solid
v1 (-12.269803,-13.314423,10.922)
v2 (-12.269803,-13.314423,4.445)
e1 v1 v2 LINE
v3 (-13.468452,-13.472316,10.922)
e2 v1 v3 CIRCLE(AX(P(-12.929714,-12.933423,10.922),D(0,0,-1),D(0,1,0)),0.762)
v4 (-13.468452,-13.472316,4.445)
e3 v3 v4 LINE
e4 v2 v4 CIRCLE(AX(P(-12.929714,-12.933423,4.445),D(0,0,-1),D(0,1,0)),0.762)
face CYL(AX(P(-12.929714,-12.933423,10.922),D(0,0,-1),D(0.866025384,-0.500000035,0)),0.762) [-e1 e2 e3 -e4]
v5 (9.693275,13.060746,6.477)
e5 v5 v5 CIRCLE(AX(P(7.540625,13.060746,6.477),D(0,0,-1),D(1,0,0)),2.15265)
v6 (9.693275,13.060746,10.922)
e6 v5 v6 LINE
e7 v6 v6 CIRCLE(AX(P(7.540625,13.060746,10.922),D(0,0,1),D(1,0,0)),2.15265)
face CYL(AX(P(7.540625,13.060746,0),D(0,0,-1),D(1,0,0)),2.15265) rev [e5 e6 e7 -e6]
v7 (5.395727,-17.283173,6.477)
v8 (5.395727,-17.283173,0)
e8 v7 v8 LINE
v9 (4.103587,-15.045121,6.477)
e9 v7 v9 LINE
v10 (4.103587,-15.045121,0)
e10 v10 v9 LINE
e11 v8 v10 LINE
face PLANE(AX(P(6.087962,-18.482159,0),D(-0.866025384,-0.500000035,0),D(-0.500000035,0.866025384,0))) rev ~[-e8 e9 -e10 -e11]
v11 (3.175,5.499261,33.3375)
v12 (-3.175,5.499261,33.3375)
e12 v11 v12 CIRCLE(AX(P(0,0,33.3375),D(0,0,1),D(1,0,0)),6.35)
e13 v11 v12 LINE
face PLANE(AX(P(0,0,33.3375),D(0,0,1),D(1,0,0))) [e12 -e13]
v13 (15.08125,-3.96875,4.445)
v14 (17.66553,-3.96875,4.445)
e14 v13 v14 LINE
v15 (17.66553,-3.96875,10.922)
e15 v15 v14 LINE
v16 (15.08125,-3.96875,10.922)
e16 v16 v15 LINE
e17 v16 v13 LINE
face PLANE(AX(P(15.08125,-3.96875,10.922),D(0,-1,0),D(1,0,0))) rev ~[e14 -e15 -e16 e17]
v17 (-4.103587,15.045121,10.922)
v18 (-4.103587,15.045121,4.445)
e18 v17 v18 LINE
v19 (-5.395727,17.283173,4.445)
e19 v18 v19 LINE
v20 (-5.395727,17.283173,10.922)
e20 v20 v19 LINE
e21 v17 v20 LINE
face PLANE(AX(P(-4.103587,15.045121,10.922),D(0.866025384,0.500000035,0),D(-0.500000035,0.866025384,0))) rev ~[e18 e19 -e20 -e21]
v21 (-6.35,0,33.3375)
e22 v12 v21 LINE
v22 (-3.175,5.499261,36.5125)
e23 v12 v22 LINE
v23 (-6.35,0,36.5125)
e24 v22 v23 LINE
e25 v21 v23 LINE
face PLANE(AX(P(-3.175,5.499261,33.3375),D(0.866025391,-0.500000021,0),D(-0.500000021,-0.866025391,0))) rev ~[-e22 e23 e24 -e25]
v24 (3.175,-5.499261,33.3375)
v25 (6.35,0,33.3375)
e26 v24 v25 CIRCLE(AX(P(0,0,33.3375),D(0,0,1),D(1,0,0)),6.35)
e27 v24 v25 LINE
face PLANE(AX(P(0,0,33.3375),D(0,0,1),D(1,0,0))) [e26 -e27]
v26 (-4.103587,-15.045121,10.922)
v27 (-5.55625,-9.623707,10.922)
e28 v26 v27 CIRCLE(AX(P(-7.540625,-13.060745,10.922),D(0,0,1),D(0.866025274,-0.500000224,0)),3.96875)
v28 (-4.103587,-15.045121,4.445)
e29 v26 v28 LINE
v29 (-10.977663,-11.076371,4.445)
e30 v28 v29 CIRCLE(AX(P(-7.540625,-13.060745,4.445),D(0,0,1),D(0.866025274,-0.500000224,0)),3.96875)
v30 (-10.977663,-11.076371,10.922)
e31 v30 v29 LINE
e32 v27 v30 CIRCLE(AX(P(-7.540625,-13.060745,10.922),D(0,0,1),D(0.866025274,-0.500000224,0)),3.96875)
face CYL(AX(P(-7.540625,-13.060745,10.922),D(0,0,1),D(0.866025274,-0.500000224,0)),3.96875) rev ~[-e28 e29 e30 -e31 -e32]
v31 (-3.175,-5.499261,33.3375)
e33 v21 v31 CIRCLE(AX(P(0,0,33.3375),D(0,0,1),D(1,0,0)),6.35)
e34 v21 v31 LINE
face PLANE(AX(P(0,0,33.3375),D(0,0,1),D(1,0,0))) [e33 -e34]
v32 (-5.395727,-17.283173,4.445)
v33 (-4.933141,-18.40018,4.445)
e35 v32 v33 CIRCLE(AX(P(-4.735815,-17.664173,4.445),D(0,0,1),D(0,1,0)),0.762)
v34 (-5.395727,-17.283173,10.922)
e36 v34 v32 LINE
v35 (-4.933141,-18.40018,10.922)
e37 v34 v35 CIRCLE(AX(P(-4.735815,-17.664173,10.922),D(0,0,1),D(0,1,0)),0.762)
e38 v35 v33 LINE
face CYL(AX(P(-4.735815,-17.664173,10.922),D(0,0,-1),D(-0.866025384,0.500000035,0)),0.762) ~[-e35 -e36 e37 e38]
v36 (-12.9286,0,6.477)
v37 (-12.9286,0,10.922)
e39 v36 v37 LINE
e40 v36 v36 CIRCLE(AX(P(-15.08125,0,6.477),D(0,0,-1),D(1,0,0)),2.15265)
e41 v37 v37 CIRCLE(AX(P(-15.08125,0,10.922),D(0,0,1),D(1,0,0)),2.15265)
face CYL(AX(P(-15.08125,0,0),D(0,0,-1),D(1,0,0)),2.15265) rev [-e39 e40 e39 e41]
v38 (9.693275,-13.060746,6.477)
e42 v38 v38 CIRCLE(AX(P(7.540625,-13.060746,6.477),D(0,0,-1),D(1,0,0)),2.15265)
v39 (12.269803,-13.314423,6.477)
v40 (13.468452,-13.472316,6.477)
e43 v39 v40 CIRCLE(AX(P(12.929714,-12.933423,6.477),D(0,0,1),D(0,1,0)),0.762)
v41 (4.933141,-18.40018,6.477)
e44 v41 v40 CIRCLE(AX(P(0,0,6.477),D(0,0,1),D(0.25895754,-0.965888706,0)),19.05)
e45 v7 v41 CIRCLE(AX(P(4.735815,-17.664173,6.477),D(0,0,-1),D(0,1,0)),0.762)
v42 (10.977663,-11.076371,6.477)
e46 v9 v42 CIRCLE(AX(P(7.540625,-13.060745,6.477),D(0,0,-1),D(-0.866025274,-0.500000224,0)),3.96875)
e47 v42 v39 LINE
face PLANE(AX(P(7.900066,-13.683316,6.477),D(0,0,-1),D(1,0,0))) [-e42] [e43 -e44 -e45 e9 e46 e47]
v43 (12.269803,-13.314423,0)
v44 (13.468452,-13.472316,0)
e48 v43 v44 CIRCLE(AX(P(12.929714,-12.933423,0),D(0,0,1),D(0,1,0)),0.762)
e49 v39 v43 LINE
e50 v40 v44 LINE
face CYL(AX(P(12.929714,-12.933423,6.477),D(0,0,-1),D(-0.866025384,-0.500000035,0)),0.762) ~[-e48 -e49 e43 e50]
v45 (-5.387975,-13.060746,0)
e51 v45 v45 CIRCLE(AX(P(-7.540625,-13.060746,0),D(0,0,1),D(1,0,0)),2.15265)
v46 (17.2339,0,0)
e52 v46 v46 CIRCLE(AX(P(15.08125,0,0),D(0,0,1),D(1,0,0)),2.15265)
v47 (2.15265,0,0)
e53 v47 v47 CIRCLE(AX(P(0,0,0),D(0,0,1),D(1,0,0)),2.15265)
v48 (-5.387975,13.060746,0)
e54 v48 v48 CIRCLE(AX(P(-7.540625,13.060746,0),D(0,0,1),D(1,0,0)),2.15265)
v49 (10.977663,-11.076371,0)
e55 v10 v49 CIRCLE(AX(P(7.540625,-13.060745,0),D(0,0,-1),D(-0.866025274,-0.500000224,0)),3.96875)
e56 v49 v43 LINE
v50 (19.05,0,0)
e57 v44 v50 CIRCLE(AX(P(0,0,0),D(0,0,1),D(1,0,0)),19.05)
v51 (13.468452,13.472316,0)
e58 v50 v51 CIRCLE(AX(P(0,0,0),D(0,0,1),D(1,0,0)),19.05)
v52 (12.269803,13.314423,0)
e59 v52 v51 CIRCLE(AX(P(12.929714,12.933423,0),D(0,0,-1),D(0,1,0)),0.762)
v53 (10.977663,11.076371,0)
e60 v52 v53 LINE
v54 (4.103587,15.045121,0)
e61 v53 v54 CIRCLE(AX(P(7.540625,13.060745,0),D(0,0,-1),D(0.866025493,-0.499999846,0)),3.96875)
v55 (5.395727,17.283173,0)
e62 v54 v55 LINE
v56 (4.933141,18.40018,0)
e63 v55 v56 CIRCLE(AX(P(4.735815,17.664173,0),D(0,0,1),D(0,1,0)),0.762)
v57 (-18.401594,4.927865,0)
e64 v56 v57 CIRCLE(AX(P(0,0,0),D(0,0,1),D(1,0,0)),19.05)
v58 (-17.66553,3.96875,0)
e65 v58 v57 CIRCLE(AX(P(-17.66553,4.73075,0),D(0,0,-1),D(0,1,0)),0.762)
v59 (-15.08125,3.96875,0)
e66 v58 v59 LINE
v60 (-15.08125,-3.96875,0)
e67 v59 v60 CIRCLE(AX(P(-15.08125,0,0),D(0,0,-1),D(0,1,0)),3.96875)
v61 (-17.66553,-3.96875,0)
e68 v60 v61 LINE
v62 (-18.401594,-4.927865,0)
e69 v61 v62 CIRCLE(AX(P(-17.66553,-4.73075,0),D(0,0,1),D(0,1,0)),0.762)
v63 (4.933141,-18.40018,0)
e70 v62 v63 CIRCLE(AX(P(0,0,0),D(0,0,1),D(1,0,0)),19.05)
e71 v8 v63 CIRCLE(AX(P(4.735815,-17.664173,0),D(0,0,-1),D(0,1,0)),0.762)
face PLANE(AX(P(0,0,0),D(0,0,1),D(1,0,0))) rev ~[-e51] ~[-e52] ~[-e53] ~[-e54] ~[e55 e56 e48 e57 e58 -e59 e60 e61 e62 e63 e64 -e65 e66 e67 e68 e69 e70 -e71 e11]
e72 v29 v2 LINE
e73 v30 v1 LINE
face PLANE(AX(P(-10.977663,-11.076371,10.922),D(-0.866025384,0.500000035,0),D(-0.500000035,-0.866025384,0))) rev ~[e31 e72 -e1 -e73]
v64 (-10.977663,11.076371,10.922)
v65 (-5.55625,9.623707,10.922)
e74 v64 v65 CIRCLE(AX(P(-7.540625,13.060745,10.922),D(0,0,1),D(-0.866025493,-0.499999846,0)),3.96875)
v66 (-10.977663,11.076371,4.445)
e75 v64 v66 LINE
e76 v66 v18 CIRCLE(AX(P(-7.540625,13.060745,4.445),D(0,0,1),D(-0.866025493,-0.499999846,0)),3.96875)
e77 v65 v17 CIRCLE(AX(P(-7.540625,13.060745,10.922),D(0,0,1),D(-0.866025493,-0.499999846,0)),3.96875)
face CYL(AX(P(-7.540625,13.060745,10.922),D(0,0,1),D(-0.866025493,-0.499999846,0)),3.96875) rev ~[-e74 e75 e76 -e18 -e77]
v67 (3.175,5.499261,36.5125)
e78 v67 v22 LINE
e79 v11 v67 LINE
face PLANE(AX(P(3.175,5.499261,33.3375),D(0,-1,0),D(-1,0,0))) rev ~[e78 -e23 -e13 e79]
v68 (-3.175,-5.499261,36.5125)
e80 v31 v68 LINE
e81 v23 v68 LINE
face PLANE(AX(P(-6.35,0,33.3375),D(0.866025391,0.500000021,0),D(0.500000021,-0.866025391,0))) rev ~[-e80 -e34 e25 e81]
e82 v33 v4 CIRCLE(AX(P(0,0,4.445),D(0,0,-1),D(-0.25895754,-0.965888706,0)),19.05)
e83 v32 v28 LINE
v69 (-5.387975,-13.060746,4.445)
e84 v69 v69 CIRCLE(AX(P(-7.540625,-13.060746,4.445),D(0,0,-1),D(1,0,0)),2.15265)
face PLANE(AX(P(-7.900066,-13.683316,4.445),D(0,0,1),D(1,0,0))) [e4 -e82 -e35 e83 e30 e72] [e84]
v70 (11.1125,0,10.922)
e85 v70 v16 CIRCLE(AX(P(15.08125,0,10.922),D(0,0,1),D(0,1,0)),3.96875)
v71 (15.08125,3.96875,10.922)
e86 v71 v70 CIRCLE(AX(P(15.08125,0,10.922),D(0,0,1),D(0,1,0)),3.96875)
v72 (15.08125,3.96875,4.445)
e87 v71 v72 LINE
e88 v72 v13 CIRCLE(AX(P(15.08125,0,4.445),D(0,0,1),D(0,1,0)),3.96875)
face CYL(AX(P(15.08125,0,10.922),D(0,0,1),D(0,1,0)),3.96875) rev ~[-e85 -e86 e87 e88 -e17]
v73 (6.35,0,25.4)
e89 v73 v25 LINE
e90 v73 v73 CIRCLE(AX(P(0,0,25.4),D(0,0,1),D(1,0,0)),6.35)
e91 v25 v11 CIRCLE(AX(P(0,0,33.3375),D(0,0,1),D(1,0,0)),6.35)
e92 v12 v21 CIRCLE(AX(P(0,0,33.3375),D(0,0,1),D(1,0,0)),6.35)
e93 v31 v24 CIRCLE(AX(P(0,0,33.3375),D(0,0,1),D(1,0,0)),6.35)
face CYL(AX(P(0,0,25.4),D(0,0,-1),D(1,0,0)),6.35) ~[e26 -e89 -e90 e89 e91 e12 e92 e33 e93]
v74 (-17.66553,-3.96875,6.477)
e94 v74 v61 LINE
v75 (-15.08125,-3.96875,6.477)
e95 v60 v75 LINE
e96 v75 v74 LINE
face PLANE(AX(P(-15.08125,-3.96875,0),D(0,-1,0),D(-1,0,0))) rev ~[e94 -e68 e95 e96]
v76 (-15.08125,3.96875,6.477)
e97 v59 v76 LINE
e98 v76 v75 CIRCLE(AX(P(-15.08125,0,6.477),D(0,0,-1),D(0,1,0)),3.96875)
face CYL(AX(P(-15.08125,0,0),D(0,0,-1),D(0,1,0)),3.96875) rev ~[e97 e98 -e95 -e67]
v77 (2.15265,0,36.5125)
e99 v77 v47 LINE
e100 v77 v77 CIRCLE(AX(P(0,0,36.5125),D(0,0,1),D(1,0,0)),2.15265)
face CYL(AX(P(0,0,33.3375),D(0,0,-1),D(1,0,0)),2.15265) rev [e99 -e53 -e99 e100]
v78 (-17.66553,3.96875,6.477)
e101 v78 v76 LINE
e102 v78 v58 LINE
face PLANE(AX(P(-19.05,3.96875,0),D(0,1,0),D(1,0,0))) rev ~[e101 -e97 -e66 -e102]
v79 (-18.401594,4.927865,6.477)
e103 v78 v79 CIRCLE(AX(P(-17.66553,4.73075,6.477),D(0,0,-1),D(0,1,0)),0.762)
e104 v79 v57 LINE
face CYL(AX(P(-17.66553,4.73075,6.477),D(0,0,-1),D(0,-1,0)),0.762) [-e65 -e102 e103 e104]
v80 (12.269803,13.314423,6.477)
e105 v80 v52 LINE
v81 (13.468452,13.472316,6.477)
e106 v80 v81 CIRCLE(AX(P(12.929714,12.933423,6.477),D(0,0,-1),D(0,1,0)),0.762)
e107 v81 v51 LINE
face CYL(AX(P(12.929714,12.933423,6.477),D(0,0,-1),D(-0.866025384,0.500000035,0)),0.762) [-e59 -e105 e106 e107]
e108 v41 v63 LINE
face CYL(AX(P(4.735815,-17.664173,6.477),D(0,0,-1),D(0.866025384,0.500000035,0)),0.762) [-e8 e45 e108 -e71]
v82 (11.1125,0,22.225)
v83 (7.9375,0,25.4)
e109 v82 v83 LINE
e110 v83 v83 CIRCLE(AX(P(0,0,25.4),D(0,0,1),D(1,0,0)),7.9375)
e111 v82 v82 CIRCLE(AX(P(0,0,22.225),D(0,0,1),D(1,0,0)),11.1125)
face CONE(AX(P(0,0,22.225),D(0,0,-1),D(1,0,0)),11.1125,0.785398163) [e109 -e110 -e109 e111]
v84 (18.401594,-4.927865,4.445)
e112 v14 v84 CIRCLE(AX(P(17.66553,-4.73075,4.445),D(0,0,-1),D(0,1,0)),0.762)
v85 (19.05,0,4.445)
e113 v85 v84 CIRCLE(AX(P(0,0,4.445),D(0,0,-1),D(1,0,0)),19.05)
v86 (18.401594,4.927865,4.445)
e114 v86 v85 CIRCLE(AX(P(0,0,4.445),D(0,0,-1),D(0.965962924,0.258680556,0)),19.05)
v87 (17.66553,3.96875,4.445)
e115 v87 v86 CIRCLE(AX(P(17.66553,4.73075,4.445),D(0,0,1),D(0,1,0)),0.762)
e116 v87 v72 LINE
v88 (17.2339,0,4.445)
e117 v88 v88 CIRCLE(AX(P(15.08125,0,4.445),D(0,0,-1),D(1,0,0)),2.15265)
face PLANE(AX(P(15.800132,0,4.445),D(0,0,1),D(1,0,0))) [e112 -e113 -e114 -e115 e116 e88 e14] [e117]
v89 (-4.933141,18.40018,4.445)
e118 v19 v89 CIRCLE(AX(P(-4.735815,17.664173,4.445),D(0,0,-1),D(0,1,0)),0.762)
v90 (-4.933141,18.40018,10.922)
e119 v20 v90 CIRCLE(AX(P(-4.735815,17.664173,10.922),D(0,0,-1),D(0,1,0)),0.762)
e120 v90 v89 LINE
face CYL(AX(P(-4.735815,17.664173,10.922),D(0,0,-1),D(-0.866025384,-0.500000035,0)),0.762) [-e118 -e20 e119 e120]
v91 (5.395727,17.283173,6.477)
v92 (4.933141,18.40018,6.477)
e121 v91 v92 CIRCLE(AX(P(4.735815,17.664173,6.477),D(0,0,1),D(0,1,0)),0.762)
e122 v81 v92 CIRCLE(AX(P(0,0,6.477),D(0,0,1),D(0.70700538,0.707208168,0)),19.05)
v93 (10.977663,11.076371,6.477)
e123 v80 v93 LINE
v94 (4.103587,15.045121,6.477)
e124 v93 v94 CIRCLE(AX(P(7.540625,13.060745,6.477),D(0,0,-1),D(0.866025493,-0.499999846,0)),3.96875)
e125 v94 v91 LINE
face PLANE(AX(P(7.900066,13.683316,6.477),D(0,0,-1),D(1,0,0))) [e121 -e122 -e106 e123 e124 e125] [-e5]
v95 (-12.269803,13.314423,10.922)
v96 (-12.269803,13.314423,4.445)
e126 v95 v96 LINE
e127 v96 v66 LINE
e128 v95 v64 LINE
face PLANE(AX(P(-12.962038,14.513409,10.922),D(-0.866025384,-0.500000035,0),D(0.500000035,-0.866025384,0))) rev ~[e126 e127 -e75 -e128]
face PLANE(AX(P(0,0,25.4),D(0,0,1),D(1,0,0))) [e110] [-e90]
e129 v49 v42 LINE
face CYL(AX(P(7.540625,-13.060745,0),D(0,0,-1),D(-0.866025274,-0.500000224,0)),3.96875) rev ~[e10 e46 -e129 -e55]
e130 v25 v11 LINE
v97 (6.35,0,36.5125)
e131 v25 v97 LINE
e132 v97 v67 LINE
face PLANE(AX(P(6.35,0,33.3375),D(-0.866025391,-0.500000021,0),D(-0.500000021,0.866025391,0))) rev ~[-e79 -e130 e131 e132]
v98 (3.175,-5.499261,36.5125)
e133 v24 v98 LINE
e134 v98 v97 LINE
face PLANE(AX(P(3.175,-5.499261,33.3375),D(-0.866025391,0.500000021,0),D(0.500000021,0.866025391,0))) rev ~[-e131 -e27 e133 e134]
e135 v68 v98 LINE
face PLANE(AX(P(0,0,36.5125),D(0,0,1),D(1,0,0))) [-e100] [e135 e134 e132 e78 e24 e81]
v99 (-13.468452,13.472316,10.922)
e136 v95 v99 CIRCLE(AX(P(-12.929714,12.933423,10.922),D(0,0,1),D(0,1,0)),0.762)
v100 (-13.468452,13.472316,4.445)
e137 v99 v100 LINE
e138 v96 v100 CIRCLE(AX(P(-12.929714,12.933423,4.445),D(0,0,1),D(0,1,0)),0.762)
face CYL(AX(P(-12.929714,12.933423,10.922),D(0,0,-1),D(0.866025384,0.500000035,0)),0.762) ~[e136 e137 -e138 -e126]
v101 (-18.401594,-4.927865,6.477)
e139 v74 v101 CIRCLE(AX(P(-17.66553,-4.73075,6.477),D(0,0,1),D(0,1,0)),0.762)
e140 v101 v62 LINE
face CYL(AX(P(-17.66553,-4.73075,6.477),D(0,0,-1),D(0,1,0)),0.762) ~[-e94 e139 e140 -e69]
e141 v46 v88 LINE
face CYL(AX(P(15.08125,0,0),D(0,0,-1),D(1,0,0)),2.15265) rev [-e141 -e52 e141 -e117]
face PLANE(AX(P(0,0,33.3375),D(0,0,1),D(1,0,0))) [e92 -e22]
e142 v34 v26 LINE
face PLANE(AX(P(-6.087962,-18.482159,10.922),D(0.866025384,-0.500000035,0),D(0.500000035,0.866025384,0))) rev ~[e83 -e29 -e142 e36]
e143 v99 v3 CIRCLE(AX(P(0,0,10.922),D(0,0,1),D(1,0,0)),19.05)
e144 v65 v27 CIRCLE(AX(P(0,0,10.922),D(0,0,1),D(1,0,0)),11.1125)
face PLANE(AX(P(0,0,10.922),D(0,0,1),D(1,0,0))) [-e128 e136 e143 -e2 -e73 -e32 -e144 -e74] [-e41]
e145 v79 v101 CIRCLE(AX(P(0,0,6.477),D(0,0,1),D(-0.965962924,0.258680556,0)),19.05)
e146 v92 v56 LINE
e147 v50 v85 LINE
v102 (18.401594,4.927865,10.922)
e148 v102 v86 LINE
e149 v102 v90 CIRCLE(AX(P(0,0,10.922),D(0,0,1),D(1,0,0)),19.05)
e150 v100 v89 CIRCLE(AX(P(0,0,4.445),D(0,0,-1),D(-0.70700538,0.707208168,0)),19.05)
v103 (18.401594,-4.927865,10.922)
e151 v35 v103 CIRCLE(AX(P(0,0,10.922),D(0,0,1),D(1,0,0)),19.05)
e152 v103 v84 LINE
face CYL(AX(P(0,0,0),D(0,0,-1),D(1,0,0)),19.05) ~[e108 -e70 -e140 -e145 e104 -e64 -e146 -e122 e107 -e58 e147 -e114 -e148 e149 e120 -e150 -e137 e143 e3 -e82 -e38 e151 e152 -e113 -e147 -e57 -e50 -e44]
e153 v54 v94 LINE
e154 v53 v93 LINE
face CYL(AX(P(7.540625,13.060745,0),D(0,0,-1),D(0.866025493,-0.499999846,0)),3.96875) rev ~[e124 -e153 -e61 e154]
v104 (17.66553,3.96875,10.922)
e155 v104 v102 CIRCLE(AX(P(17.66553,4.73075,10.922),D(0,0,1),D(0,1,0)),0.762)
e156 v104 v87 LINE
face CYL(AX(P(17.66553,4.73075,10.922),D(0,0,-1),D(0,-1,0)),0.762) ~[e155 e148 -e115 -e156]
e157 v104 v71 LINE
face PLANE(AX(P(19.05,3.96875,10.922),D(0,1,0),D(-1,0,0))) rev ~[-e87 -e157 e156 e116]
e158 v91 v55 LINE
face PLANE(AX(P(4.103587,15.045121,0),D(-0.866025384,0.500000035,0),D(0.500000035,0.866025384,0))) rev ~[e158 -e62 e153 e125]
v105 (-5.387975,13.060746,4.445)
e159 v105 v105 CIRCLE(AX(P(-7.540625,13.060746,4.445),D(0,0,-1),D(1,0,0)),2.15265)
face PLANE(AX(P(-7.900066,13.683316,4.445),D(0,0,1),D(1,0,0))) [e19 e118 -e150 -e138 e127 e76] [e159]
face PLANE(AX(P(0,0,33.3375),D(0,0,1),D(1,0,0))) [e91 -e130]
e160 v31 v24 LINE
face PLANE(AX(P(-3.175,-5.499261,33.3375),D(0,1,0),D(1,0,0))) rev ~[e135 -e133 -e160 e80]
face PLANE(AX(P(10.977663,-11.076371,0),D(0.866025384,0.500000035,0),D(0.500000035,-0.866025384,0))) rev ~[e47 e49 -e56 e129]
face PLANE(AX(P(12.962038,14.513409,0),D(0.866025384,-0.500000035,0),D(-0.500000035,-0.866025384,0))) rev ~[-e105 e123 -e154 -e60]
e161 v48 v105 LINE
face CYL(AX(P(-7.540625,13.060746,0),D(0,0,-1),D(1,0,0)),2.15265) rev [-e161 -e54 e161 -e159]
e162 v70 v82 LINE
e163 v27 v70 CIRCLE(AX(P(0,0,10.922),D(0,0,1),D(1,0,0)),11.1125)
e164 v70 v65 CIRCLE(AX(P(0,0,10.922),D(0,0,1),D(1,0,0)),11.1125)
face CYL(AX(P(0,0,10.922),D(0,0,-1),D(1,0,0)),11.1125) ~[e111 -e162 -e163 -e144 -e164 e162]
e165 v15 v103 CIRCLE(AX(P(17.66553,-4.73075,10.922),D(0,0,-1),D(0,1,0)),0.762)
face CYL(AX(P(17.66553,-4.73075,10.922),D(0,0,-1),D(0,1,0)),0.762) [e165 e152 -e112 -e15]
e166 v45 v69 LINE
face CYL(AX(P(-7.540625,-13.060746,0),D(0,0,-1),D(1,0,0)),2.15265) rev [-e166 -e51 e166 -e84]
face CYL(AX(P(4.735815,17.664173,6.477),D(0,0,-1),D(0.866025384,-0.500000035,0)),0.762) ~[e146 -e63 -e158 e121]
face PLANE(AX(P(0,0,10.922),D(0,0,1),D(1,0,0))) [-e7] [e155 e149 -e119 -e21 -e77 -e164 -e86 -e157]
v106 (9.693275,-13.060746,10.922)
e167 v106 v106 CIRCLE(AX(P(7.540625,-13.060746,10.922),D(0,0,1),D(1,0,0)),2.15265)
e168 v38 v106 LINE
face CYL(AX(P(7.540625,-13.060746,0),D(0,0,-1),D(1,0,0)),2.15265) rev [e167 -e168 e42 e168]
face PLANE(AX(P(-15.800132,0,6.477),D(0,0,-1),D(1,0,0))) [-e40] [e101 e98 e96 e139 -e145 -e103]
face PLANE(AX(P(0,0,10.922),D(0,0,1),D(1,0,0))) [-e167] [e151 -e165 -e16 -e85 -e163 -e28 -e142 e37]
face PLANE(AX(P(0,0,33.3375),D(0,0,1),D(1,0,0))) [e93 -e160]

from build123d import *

# Parameters (mm, degrees)
F0_R      = 19.05
F0_R_2    = 2.15265
F1_DEPTH  = 10.922
F5_DEPTH  = 6.477
F7_DEPTH  = 6.477
F8_R      = 11.1125
F8_R_2    = 2.15265
F9_DEPTH  = 14.478
F10_R     = 6.35
F10_R_2   = 2.15265
F11_DEPTH = 7.9375
F12_R     = 2.15265
F13_DEPTH = 3.175
F14_R     = 0.762
F15_SIZE  = 3.175


with BuildPart() as f1:
    # F0 (on Top) → F1 (new body)
    with BuildSketch(Plane.XY):
        Circle(F0_R)
        with Locations((-7.540625, -13.060746)):
            Circle(F0_R_2, mode=Mode.SUBTRACT)
        with Locations((7.540625, -13.060746)):
            Circle(F0_R_2, mode=Mode.SUBTRACT)
        with Locations((-15.08125, 0)):
            Circle(F0_R_2, mode=Mode.SUBTRACT)
        with Locations((-7.540625, 13.060746)):
            Circle(F0_R_2, mode=Mode.SUBTRACT)
        Circle(F0_R_2, mode=Mode.SUBTRACT)
        with Locations((15.08125, 0)):
            Circle(F0_R_2, mode=Mode.SUBTRACT)
        with Locations((7.540625, 13.060746)):
            Circle(F0_R_2, mode=Mode.SUBTRACT)
    extrude(amount=F1_DEPTH)

    # F4 (on face) → F5 (cut, through all)
    with BuildSketch(Plane.XY.offset(10.922)):
        with BuildLine():
            Line((-6.087962, 18.482159), (-12.962038, 14.513409))
            Line((-12.962038, 14.513409), (-10.977663, 11.076371))
            ThreePointArc((-10.977663, 11.076371), (-5.55625, 9.623707), (-4.103587, 15.045121))
            Line((-4.103587, 15.045121), (-6.087962, 18.482159))
        make_face()
        with BuildLine():
            Line((19.05, 3.96875), (15.08125, 3.96875))
            ThreePointArc((15.08125, 3.96875), (11.1125, 0), (15.08125, -3.96875))
            Line((15.08125, -3.96875), (19.05, -3.96875))
            Line((19.05, -3.96875), (19.05, 3.96875))
        make_face()
        with BuildLine():
            Line((-10.977663, -11.076371), (-12.962038, -14.513409))
            Line((-12.962038, -14.513409), (-6.087962, -18.482159))
            Line((-6.087962, -18.482159), (-4.103587, -15.045121))
            ThreePointArc((-4.103587, -15.045121), (-5.55625, -9.623707), (-10.977663, -11.076371))
        make_face()
    extrude(amount=-F5_DEPTH, mode=Mode.SUBTRACT)

    # F6 (on face) → F7 (cut, through all)
    with BuildSketch(Plane(origin=(0, 0, 0), x_dir=(1, 0, 0), z_dir=(0, 0, -1))):
        with BuildLine():
            Line((4.103587, -15.045121), (6.087962, -18.482159))
            Line((6.087962, -18.482159), (12.962038, -14.513409))
            Line((12.962038, -14.513409), (10.977663, -11.076371))
            ThreePointArc((10.977663, -11.076371), (5.55625, -9.623707), (4.103587, -15.045121))
        make_face()
        with BuildLine():
            Line((12.962038, 14.513409), (6.087962, 18.482159))
            Line((6.087962, 18.482159), (4.103587, 15.045121))
            ThreePointArc((4.103587, 15.045121), (5.55625, 9.623707), (10.977663, 11.076371))
            Line((10.977663, 11.076371), (12.962038, 14.513409))
        make_face()
        with BuildLine():
            Line((-15.08125, 3.96875), (-19.05, 3.96875))
            Line((-19.05, 3.96875), (-19.05, -3.96875))
            Line((-19.05, -3.96875), (-15.08125, -3.96875))
            ThreePointArc((-15.08125, -3.96875), (-11.1125, 0), (-15.08125, 3.96875))
        make_face()
    extrude(amount=-F7_DEPTH, mode=Mode.SUBTRACT)

    # F8 (on face) → F9 (join)
    with BuildSketch(Plane.XY.offset(10.922)):
        Circle(F8_R)
        Circle(F8_R_2, mode=Mode.SUBTRACT)
    extrude(amount=F9_DEPTH)

    # F10 (on face) → F11 (join)
    with BuildSketch(Plane.XY.offset(25.4)):
        Circle(F10_R)
        Circle(F10_R_2, mode=Mode.SUBTRACT)
    extrude(amount=F11_DEPTH)

    # F12 (on face) → F13 (join)
    with BuildSketch(Plane.XY.offset(33.3375)):
        Polygon((3.175, 5.499261), (-3.175, 5.499261), (-6.35, 0), (-3.175, -5.499261), (3.175, -5.499261), (6.35, 0), align=None)
        Circle(F12_R, mode=Mode.SUBTRACT)
    extrude(amount=F13_DEPTH)

    # F14
    f14_edges = [f1.edges().sort_by_distance(p)[0] for p in [
        (-12.75304, -14.151413, 7.6835),
        (5.878963, -18.120163, 3.2385),
        (12.75304, -14.151413, 3.2385),
        (18.632003, 3.96875, 7.6835),
        (18.632003, -3.96875, 7.6835),
        (-5.878963, -18.120163, 7.6835),
        (12.75304, 14.151413, 3.2385),
        (5.878963, 18.120163, 3.2385),
        (-5.878963, 18.120163, 7.6835),
        (-12.75304, 14.151413, 7.6835),
        (-18.632003, 3.96875, 3.2385),
        (-18.632003, -3.96875, 3.2385),
    ]]
    fillet(f14_edges, radius=F14_R)

    # F15
    f15_edges = [f1.edges().sort_by_distance(p)[0] for p in [
        (-11.1125, 0, 25.4),
    ]]
    chamfer(f15_edges, length=F15_SIZE)


solid = f1.part
